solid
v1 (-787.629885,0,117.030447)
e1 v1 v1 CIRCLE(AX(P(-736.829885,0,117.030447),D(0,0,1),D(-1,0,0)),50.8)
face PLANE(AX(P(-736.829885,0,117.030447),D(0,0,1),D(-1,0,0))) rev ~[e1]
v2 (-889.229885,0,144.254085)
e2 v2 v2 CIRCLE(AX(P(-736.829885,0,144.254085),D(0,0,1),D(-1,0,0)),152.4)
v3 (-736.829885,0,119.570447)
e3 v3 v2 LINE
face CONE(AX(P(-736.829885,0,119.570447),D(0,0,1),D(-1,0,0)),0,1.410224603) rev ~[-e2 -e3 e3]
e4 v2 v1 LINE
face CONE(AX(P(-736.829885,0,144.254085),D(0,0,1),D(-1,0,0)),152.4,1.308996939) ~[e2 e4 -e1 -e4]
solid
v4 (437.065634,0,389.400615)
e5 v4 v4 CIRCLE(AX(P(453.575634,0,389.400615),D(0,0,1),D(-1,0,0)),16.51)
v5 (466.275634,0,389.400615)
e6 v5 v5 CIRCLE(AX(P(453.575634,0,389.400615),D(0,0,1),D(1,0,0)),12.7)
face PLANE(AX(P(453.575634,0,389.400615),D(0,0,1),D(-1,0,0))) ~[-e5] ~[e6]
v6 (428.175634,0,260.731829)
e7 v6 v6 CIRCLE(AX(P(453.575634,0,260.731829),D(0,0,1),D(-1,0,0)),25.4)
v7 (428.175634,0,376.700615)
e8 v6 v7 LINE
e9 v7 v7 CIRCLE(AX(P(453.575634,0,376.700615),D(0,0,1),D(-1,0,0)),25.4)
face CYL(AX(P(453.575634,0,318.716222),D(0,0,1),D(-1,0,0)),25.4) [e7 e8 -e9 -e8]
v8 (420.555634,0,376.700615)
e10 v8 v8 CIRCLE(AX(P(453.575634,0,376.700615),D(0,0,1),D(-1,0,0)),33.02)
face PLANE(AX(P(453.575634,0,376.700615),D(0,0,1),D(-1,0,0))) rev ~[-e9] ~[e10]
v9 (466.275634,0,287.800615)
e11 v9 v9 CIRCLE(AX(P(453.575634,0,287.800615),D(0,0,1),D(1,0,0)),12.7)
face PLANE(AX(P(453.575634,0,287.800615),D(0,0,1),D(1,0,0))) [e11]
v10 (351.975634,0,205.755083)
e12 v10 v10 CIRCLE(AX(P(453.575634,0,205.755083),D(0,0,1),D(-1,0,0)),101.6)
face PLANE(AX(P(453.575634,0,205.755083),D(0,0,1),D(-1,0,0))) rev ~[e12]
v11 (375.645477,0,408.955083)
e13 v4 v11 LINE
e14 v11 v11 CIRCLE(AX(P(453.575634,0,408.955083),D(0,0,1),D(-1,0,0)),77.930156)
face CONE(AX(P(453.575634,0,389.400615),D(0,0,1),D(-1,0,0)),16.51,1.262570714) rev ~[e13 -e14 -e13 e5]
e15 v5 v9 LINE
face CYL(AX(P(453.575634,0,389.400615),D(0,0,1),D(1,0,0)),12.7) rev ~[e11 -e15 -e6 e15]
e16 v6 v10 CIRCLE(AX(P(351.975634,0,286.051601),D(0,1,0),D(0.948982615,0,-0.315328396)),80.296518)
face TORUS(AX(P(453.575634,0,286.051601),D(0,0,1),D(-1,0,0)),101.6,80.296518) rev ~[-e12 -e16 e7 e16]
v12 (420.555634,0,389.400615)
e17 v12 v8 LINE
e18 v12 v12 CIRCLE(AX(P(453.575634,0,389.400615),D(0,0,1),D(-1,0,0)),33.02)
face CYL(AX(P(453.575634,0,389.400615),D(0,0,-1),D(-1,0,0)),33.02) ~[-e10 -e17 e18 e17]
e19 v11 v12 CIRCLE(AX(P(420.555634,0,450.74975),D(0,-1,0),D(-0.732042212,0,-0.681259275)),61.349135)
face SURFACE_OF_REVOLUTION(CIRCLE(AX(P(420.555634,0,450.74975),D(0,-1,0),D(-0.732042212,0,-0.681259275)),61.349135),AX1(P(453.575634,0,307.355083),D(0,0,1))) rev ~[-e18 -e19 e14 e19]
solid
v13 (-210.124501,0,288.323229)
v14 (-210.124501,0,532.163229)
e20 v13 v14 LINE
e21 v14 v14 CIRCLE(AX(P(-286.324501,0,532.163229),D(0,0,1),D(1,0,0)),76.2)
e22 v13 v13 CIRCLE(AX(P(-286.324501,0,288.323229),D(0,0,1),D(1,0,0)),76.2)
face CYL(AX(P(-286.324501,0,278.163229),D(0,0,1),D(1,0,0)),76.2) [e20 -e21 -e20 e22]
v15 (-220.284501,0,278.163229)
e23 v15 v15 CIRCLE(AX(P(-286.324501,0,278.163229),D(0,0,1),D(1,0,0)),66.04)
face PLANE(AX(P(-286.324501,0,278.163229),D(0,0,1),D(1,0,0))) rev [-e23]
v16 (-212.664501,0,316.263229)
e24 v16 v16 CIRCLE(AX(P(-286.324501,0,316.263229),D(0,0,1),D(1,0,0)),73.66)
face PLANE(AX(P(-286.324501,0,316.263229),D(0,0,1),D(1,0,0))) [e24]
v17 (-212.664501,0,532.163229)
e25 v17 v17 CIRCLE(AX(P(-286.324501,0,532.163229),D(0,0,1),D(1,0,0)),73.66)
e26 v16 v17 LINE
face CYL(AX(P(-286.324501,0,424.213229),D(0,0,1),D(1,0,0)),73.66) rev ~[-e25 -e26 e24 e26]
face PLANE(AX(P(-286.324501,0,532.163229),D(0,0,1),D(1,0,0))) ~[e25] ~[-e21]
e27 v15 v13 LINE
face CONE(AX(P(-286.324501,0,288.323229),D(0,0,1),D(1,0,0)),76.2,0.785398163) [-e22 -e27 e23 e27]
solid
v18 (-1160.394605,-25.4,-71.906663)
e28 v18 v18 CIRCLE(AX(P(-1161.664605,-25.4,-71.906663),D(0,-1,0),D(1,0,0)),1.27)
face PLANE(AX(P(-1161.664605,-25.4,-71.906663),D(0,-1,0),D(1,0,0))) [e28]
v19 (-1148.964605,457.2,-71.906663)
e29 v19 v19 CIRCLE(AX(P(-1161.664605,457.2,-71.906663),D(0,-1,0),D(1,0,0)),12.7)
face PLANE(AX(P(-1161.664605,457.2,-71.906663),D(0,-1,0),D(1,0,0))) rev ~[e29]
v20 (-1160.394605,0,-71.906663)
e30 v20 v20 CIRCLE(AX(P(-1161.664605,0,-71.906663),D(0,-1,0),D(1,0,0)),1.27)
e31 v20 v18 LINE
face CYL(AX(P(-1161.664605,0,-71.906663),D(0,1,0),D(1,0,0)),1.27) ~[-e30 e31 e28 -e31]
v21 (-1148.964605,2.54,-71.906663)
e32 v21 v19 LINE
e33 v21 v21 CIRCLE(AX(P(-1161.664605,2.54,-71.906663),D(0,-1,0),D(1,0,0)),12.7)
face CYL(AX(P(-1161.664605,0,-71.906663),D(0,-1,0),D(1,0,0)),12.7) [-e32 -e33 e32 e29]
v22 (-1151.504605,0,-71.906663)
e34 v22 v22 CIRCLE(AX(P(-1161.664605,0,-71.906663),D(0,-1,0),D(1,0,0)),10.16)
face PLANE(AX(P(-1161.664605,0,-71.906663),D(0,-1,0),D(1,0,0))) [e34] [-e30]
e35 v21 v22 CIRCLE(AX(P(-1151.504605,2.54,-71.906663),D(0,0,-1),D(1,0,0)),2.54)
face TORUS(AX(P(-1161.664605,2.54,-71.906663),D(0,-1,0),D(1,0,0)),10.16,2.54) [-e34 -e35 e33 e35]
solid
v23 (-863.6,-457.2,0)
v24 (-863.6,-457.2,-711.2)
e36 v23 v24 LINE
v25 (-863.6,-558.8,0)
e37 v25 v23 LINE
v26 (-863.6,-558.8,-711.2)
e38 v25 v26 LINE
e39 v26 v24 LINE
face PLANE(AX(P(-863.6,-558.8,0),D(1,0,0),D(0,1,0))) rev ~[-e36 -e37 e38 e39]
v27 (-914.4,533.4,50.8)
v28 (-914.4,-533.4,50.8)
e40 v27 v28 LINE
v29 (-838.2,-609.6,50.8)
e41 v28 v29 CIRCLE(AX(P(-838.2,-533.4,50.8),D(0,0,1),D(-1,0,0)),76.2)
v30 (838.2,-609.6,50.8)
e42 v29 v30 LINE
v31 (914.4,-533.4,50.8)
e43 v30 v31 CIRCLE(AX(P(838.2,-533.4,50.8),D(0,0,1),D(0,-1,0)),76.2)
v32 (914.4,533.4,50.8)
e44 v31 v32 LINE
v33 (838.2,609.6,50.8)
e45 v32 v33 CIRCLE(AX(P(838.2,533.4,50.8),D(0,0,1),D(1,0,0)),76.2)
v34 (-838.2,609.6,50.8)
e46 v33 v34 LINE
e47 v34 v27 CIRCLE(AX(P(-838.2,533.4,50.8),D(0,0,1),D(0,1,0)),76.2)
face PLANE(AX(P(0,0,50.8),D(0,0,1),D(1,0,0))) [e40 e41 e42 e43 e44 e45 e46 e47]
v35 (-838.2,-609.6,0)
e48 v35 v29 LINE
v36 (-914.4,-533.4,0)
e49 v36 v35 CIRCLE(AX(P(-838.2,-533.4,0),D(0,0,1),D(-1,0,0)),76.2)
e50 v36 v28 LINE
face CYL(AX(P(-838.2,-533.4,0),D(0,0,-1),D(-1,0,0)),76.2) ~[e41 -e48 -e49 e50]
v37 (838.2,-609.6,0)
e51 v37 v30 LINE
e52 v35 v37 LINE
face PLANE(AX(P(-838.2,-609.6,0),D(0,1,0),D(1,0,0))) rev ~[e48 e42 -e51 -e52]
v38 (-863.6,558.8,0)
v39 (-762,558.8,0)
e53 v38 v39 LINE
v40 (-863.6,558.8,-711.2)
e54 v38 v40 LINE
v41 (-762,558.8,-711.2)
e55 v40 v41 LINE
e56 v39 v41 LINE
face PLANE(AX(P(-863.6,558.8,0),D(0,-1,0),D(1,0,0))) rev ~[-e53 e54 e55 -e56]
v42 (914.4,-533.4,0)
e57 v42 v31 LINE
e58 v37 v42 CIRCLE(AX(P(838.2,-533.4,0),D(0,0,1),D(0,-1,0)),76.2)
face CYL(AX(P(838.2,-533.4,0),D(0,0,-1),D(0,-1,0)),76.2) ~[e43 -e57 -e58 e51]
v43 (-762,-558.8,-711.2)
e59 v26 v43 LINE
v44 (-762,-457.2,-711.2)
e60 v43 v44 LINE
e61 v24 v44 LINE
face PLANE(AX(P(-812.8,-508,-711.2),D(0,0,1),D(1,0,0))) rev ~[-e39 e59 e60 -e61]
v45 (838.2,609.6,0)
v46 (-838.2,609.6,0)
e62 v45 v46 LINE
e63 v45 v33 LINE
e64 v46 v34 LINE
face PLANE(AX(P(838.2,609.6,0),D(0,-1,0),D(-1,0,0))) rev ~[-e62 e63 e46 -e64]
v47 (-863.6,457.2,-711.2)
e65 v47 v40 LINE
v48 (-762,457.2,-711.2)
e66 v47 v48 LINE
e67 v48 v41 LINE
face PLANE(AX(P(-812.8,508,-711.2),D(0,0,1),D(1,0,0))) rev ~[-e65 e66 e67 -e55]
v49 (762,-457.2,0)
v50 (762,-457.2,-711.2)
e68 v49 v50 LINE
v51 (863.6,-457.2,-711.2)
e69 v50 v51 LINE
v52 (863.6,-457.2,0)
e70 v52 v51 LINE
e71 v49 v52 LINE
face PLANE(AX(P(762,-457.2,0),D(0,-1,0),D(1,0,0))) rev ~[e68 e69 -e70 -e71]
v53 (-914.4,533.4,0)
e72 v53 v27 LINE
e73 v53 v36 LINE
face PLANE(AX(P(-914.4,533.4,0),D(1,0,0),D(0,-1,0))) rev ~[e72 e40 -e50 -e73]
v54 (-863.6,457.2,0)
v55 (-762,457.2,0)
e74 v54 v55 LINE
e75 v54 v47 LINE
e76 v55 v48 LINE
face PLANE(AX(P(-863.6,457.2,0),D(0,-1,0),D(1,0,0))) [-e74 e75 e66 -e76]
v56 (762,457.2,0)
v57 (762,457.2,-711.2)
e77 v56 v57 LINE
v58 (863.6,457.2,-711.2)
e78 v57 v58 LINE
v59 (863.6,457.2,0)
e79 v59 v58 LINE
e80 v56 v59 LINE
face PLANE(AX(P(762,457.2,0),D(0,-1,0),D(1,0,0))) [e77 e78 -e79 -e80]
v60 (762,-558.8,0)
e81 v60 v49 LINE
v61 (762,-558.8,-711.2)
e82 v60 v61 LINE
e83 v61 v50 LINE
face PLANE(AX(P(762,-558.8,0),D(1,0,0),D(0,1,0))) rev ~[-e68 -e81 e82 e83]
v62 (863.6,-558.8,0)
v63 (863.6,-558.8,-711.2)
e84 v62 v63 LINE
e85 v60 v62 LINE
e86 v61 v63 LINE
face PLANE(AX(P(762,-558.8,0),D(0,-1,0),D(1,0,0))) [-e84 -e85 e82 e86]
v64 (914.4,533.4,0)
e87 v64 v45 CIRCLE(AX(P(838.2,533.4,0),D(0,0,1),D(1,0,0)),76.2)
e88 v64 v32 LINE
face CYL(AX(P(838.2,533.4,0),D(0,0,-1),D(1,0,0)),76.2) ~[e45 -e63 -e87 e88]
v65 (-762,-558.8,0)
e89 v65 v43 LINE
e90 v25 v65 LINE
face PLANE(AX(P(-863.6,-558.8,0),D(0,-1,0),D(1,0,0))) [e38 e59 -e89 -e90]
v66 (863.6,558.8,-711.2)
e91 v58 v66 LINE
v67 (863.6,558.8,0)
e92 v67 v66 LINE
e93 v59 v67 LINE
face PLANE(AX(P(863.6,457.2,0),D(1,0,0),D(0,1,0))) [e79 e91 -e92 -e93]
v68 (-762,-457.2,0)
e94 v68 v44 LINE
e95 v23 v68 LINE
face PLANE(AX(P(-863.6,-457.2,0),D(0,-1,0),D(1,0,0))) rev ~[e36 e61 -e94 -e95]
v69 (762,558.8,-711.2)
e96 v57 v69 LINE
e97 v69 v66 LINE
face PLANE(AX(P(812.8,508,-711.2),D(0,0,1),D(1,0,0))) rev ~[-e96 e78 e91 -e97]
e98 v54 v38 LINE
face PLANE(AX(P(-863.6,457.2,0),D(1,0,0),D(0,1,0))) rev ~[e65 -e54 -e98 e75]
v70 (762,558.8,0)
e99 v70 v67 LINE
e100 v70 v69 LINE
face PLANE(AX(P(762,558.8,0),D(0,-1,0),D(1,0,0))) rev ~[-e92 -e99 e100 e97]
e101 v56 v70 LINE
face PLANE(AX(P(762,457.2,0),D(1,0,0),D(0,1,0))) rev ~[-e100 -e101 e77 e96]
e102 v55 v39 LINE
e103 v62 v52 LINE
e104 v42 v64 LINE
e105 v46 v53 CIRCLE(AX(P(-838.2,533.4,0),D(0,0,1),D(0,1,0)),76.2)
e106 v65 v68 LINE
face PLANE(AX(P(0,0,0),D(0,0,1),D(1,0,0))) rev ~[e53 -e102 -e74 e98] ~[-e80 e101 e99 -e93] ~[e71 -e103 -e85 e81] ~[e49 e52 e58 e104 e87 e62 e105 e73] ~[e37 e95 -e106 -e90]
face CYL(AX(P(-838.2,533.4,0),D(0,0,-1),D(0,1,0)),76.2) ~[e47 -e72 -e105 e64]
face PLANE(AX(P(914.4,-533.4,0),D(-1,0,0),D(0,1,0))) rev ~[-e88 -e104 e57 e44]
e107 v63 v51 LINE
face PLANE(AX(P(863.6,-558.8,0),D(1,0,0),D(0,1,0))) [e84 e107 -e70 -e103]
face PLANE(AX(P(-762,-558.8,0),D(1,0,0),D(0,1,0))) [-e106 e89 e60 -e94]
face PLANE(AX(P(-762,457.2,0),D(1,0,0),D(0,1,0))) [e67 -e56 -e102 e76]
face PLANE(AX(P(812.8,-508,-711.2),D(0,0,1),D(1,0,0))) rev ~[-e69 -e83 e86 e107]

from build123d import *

# Parameters (mm, degrees)
F0_W      = 101.6
F0_H      = 101.6
F1_DEPTH  = 50.8
F2_DEPTH  = 711.2
F3_W      = 2.54
F3_H      = 215.9
F5_SIZE   = 10.16
F8_R      = 12.7
F8_R_2    = 1.27
F9_DEPTH  = 457.2
F10_DEPTH = 25.4
F11_R     = 2.54
F12_W     = 25.4
F12_H     = 115.9687861614
F14_R     = 12.7
F15_DEPTH = 101.6


with BuildPart() as f1:
    # F0 (on Top) → F1 (new body)
    with BuildSketch(Plane.XY):
        with BuildLine():
            Line((838.2, 609.6), (-838.2, 609.6))
            ThreePointArc((-838.2, 609.6), (-892.0815367264, 587.2815367264), (-914.4, 533.4))
            Line((-914.4, 533.4), (-914.4, -533.4))
            ThreePointArc((-914.4, -533.4), (-892.0815367264, -587.2815367264), (-838.2, -609.6))
            Line((-838.2, -609.6), (838.2, -609.6))
            ThreePointArc((838.2, -609.6), (892.0815367264, -587.2815367264), (914.4, -533.4))
            Line((914.4, -533.4), (914.4, 533.4))
            ThreePointArc((914.4, 533.4), (892.0815367264, 587.2815367264), (838.2, 609.6))
        make_face()
        with Locations((-812.8, -508)):
            Rectangle(F0_W, F0_H, mode=Mode.SUBTRACT)
        with Locations((812.8, -508)):
            Rectangle(F0_W, F0_H, mode=Mode.SUBTRACT)
        with Locations((-812.8, 508)):
            Rectangle(F0_W, F0_H, mode=Mode.SUBTRACT)
        with Locations((812.8, 508)):
            Rectangle(F0_W, F0_H, mode=Mode.SUBTRACT)
        with Locations((-812.8, -508)):
            Rectangle(F0_W, F0_H)
        with Locations((812.8, -508)):
            Rectangle(F0_W, F0_H)
        with Locations((812.8, 508)):
            Rectangle(F0_W, F0_H)
        with Locations((-812.8, 508)):
            Rectangle(F0_W, F0_H)
    extrude(amount=F1_DEPTH)

    # F0 (on Top) → F2 (join)
    with BuildSketch(Plane.XY):
        with Locations((-812.8, -508)):
            Rectangle(F0_W, F0_H)
        with Locations((-812.8, 508)):
            Rectangle(F0_W, F0_H)
        with Locations((812.8, 508)):
            Rectangle(F0_W, F0_H)
        with Locations((812.8, -508)):
            Rectangle(F0_W, F0_H)
    extrude(amount=-F2_DEPTH)


with BuildPart() as f4:
    # F3 (on Front) → F4 (revolve)
    with BuildSketch(Plane.XZ):
        Polygon((-286.3245010376, 316.2632285118), (-286.3245010376, 278.1632285118), (-210.1245010376, 278.1632285118), (-210.1245010376, 316.2632285118), (-212.6645010376, 316.2632285118), align=None)
        with Locations((-211.3945010376, 424.2132285118)):
            Rectangle(F3_W, F3_H)
    revolve(axis=Axis((-286.3245010376, 0, 405.1632285118), (0, 0, 1)))

    # F5
    f5_edges = [f4.edges().sort_by_distance(p)[0] for p in [
        (-362.524501, 0, 278.163229),
    ]]
    chamfer(f5_edges, length=F5_SIZE)


with BuildPart() as f7:
    # F6 (on Front) → F7 (revolve)
    with BuildSketch(Plane.XZ):
        Polygon((-787.6298852921, 117.0304474873), (-736.8298852921, 117.0304474873), (-736.8298852921, 119.5704474873), (-889.2298852921, 144.2540854383), align=None)
    revolve(axis=Axis((-736.8298852921, 0, 187.9355122422), (0, 0, 1)))


with BuildPart() as f9:
    # F8 (on Front) → F9 (new body)
    with BuildSketch(Plane.XZ):
        with Locations((-1161.6646051407, -71.9066634774)):
            Circle(F8_R)
        with Locations((-1161.6646051407, -71.9066634774)):
            Circle(F8_R_2, mode=Mode.SUBTRACT)
        with Locations((-1161.6646051407, -71.9066634774)):
            Circle(F8_R_2)
    extrude(amount=-F9_DEPTH)

    # F8 (on Front) → F10 (join)
    with BuildSketch(Plane.XZ):
        with Locations((-1161.6646051407, -71.9066634774)):
            Circle(F8_R_2)
    extrude(amount=F10_DEPTH)

    # F11
    f11_edges = [f9.edges().sort_by_distance(p)[0] for p in [
        (-1174.364605, 0, -71.906663),
    ]]
    fillet(f11_edges, radius=F11_R)


with BuildPart() as f13:
    # F12 (on Front) → F13 (revolve)
    with BuildSketch(Plane.XZ):
        Polygon((428.1756336873, 376.7006152139), (453.5756336873, 376.7006152139), (453.5756336873, 389.4006152139), (437.0656336873, 389.4006152139), (420.5556336873, 389.4006152139), (420.5556336873, 376.7006152139), align=None)
        with Locations((440.8756336873, 318.7162221332)):
            Rectangle(F12_W, F12_H)
        with BuildLine():
            Line((351.9756336873, 205.7550829578), (453.5756336873, 205.7550829578))
            Line((453.5756336873, 205.7550829578), (453.5756336873, 260.7318290524))
            Line((453.5756336873, 260.7318290524), (428.1756336873, 260.7318290524))
            ThreePointArc((428.1756336873, 260.7318290524), (398.9567006482, 220.9339369722), (351.9756336873, 205.7550829578))
        make_face()
        with BuildLine():
            Line((420.5556336873, 389.4006152139), (437.0656336873, 389.4006152139))
            Line((437.0656336873, 389.4006152139), (375.645477209, 408.9550829578))
            ThreePointArc((375.645477209, 408.9550829578), (396.0643119403, 394.5012700165), (420.5556336873, 389.4006152139))
        make_face()
    revolve(axis=Axis((453.5756336873, 0, 307.3550829578), (0, 0, 1)))

    # F14 (on face) → F15 (cut)
    with BuildSketch(Plane.XY.offset(389.4006152139)):
        with Locations((453.5756336873, 0)):
            Circle(F14_R)
    extrude(amount=-F15_DEPTH, mode=Mode.SUBTRACT)


solid = Compound([f1.part, f4.part, f7.part, f9.part, f13.part])
